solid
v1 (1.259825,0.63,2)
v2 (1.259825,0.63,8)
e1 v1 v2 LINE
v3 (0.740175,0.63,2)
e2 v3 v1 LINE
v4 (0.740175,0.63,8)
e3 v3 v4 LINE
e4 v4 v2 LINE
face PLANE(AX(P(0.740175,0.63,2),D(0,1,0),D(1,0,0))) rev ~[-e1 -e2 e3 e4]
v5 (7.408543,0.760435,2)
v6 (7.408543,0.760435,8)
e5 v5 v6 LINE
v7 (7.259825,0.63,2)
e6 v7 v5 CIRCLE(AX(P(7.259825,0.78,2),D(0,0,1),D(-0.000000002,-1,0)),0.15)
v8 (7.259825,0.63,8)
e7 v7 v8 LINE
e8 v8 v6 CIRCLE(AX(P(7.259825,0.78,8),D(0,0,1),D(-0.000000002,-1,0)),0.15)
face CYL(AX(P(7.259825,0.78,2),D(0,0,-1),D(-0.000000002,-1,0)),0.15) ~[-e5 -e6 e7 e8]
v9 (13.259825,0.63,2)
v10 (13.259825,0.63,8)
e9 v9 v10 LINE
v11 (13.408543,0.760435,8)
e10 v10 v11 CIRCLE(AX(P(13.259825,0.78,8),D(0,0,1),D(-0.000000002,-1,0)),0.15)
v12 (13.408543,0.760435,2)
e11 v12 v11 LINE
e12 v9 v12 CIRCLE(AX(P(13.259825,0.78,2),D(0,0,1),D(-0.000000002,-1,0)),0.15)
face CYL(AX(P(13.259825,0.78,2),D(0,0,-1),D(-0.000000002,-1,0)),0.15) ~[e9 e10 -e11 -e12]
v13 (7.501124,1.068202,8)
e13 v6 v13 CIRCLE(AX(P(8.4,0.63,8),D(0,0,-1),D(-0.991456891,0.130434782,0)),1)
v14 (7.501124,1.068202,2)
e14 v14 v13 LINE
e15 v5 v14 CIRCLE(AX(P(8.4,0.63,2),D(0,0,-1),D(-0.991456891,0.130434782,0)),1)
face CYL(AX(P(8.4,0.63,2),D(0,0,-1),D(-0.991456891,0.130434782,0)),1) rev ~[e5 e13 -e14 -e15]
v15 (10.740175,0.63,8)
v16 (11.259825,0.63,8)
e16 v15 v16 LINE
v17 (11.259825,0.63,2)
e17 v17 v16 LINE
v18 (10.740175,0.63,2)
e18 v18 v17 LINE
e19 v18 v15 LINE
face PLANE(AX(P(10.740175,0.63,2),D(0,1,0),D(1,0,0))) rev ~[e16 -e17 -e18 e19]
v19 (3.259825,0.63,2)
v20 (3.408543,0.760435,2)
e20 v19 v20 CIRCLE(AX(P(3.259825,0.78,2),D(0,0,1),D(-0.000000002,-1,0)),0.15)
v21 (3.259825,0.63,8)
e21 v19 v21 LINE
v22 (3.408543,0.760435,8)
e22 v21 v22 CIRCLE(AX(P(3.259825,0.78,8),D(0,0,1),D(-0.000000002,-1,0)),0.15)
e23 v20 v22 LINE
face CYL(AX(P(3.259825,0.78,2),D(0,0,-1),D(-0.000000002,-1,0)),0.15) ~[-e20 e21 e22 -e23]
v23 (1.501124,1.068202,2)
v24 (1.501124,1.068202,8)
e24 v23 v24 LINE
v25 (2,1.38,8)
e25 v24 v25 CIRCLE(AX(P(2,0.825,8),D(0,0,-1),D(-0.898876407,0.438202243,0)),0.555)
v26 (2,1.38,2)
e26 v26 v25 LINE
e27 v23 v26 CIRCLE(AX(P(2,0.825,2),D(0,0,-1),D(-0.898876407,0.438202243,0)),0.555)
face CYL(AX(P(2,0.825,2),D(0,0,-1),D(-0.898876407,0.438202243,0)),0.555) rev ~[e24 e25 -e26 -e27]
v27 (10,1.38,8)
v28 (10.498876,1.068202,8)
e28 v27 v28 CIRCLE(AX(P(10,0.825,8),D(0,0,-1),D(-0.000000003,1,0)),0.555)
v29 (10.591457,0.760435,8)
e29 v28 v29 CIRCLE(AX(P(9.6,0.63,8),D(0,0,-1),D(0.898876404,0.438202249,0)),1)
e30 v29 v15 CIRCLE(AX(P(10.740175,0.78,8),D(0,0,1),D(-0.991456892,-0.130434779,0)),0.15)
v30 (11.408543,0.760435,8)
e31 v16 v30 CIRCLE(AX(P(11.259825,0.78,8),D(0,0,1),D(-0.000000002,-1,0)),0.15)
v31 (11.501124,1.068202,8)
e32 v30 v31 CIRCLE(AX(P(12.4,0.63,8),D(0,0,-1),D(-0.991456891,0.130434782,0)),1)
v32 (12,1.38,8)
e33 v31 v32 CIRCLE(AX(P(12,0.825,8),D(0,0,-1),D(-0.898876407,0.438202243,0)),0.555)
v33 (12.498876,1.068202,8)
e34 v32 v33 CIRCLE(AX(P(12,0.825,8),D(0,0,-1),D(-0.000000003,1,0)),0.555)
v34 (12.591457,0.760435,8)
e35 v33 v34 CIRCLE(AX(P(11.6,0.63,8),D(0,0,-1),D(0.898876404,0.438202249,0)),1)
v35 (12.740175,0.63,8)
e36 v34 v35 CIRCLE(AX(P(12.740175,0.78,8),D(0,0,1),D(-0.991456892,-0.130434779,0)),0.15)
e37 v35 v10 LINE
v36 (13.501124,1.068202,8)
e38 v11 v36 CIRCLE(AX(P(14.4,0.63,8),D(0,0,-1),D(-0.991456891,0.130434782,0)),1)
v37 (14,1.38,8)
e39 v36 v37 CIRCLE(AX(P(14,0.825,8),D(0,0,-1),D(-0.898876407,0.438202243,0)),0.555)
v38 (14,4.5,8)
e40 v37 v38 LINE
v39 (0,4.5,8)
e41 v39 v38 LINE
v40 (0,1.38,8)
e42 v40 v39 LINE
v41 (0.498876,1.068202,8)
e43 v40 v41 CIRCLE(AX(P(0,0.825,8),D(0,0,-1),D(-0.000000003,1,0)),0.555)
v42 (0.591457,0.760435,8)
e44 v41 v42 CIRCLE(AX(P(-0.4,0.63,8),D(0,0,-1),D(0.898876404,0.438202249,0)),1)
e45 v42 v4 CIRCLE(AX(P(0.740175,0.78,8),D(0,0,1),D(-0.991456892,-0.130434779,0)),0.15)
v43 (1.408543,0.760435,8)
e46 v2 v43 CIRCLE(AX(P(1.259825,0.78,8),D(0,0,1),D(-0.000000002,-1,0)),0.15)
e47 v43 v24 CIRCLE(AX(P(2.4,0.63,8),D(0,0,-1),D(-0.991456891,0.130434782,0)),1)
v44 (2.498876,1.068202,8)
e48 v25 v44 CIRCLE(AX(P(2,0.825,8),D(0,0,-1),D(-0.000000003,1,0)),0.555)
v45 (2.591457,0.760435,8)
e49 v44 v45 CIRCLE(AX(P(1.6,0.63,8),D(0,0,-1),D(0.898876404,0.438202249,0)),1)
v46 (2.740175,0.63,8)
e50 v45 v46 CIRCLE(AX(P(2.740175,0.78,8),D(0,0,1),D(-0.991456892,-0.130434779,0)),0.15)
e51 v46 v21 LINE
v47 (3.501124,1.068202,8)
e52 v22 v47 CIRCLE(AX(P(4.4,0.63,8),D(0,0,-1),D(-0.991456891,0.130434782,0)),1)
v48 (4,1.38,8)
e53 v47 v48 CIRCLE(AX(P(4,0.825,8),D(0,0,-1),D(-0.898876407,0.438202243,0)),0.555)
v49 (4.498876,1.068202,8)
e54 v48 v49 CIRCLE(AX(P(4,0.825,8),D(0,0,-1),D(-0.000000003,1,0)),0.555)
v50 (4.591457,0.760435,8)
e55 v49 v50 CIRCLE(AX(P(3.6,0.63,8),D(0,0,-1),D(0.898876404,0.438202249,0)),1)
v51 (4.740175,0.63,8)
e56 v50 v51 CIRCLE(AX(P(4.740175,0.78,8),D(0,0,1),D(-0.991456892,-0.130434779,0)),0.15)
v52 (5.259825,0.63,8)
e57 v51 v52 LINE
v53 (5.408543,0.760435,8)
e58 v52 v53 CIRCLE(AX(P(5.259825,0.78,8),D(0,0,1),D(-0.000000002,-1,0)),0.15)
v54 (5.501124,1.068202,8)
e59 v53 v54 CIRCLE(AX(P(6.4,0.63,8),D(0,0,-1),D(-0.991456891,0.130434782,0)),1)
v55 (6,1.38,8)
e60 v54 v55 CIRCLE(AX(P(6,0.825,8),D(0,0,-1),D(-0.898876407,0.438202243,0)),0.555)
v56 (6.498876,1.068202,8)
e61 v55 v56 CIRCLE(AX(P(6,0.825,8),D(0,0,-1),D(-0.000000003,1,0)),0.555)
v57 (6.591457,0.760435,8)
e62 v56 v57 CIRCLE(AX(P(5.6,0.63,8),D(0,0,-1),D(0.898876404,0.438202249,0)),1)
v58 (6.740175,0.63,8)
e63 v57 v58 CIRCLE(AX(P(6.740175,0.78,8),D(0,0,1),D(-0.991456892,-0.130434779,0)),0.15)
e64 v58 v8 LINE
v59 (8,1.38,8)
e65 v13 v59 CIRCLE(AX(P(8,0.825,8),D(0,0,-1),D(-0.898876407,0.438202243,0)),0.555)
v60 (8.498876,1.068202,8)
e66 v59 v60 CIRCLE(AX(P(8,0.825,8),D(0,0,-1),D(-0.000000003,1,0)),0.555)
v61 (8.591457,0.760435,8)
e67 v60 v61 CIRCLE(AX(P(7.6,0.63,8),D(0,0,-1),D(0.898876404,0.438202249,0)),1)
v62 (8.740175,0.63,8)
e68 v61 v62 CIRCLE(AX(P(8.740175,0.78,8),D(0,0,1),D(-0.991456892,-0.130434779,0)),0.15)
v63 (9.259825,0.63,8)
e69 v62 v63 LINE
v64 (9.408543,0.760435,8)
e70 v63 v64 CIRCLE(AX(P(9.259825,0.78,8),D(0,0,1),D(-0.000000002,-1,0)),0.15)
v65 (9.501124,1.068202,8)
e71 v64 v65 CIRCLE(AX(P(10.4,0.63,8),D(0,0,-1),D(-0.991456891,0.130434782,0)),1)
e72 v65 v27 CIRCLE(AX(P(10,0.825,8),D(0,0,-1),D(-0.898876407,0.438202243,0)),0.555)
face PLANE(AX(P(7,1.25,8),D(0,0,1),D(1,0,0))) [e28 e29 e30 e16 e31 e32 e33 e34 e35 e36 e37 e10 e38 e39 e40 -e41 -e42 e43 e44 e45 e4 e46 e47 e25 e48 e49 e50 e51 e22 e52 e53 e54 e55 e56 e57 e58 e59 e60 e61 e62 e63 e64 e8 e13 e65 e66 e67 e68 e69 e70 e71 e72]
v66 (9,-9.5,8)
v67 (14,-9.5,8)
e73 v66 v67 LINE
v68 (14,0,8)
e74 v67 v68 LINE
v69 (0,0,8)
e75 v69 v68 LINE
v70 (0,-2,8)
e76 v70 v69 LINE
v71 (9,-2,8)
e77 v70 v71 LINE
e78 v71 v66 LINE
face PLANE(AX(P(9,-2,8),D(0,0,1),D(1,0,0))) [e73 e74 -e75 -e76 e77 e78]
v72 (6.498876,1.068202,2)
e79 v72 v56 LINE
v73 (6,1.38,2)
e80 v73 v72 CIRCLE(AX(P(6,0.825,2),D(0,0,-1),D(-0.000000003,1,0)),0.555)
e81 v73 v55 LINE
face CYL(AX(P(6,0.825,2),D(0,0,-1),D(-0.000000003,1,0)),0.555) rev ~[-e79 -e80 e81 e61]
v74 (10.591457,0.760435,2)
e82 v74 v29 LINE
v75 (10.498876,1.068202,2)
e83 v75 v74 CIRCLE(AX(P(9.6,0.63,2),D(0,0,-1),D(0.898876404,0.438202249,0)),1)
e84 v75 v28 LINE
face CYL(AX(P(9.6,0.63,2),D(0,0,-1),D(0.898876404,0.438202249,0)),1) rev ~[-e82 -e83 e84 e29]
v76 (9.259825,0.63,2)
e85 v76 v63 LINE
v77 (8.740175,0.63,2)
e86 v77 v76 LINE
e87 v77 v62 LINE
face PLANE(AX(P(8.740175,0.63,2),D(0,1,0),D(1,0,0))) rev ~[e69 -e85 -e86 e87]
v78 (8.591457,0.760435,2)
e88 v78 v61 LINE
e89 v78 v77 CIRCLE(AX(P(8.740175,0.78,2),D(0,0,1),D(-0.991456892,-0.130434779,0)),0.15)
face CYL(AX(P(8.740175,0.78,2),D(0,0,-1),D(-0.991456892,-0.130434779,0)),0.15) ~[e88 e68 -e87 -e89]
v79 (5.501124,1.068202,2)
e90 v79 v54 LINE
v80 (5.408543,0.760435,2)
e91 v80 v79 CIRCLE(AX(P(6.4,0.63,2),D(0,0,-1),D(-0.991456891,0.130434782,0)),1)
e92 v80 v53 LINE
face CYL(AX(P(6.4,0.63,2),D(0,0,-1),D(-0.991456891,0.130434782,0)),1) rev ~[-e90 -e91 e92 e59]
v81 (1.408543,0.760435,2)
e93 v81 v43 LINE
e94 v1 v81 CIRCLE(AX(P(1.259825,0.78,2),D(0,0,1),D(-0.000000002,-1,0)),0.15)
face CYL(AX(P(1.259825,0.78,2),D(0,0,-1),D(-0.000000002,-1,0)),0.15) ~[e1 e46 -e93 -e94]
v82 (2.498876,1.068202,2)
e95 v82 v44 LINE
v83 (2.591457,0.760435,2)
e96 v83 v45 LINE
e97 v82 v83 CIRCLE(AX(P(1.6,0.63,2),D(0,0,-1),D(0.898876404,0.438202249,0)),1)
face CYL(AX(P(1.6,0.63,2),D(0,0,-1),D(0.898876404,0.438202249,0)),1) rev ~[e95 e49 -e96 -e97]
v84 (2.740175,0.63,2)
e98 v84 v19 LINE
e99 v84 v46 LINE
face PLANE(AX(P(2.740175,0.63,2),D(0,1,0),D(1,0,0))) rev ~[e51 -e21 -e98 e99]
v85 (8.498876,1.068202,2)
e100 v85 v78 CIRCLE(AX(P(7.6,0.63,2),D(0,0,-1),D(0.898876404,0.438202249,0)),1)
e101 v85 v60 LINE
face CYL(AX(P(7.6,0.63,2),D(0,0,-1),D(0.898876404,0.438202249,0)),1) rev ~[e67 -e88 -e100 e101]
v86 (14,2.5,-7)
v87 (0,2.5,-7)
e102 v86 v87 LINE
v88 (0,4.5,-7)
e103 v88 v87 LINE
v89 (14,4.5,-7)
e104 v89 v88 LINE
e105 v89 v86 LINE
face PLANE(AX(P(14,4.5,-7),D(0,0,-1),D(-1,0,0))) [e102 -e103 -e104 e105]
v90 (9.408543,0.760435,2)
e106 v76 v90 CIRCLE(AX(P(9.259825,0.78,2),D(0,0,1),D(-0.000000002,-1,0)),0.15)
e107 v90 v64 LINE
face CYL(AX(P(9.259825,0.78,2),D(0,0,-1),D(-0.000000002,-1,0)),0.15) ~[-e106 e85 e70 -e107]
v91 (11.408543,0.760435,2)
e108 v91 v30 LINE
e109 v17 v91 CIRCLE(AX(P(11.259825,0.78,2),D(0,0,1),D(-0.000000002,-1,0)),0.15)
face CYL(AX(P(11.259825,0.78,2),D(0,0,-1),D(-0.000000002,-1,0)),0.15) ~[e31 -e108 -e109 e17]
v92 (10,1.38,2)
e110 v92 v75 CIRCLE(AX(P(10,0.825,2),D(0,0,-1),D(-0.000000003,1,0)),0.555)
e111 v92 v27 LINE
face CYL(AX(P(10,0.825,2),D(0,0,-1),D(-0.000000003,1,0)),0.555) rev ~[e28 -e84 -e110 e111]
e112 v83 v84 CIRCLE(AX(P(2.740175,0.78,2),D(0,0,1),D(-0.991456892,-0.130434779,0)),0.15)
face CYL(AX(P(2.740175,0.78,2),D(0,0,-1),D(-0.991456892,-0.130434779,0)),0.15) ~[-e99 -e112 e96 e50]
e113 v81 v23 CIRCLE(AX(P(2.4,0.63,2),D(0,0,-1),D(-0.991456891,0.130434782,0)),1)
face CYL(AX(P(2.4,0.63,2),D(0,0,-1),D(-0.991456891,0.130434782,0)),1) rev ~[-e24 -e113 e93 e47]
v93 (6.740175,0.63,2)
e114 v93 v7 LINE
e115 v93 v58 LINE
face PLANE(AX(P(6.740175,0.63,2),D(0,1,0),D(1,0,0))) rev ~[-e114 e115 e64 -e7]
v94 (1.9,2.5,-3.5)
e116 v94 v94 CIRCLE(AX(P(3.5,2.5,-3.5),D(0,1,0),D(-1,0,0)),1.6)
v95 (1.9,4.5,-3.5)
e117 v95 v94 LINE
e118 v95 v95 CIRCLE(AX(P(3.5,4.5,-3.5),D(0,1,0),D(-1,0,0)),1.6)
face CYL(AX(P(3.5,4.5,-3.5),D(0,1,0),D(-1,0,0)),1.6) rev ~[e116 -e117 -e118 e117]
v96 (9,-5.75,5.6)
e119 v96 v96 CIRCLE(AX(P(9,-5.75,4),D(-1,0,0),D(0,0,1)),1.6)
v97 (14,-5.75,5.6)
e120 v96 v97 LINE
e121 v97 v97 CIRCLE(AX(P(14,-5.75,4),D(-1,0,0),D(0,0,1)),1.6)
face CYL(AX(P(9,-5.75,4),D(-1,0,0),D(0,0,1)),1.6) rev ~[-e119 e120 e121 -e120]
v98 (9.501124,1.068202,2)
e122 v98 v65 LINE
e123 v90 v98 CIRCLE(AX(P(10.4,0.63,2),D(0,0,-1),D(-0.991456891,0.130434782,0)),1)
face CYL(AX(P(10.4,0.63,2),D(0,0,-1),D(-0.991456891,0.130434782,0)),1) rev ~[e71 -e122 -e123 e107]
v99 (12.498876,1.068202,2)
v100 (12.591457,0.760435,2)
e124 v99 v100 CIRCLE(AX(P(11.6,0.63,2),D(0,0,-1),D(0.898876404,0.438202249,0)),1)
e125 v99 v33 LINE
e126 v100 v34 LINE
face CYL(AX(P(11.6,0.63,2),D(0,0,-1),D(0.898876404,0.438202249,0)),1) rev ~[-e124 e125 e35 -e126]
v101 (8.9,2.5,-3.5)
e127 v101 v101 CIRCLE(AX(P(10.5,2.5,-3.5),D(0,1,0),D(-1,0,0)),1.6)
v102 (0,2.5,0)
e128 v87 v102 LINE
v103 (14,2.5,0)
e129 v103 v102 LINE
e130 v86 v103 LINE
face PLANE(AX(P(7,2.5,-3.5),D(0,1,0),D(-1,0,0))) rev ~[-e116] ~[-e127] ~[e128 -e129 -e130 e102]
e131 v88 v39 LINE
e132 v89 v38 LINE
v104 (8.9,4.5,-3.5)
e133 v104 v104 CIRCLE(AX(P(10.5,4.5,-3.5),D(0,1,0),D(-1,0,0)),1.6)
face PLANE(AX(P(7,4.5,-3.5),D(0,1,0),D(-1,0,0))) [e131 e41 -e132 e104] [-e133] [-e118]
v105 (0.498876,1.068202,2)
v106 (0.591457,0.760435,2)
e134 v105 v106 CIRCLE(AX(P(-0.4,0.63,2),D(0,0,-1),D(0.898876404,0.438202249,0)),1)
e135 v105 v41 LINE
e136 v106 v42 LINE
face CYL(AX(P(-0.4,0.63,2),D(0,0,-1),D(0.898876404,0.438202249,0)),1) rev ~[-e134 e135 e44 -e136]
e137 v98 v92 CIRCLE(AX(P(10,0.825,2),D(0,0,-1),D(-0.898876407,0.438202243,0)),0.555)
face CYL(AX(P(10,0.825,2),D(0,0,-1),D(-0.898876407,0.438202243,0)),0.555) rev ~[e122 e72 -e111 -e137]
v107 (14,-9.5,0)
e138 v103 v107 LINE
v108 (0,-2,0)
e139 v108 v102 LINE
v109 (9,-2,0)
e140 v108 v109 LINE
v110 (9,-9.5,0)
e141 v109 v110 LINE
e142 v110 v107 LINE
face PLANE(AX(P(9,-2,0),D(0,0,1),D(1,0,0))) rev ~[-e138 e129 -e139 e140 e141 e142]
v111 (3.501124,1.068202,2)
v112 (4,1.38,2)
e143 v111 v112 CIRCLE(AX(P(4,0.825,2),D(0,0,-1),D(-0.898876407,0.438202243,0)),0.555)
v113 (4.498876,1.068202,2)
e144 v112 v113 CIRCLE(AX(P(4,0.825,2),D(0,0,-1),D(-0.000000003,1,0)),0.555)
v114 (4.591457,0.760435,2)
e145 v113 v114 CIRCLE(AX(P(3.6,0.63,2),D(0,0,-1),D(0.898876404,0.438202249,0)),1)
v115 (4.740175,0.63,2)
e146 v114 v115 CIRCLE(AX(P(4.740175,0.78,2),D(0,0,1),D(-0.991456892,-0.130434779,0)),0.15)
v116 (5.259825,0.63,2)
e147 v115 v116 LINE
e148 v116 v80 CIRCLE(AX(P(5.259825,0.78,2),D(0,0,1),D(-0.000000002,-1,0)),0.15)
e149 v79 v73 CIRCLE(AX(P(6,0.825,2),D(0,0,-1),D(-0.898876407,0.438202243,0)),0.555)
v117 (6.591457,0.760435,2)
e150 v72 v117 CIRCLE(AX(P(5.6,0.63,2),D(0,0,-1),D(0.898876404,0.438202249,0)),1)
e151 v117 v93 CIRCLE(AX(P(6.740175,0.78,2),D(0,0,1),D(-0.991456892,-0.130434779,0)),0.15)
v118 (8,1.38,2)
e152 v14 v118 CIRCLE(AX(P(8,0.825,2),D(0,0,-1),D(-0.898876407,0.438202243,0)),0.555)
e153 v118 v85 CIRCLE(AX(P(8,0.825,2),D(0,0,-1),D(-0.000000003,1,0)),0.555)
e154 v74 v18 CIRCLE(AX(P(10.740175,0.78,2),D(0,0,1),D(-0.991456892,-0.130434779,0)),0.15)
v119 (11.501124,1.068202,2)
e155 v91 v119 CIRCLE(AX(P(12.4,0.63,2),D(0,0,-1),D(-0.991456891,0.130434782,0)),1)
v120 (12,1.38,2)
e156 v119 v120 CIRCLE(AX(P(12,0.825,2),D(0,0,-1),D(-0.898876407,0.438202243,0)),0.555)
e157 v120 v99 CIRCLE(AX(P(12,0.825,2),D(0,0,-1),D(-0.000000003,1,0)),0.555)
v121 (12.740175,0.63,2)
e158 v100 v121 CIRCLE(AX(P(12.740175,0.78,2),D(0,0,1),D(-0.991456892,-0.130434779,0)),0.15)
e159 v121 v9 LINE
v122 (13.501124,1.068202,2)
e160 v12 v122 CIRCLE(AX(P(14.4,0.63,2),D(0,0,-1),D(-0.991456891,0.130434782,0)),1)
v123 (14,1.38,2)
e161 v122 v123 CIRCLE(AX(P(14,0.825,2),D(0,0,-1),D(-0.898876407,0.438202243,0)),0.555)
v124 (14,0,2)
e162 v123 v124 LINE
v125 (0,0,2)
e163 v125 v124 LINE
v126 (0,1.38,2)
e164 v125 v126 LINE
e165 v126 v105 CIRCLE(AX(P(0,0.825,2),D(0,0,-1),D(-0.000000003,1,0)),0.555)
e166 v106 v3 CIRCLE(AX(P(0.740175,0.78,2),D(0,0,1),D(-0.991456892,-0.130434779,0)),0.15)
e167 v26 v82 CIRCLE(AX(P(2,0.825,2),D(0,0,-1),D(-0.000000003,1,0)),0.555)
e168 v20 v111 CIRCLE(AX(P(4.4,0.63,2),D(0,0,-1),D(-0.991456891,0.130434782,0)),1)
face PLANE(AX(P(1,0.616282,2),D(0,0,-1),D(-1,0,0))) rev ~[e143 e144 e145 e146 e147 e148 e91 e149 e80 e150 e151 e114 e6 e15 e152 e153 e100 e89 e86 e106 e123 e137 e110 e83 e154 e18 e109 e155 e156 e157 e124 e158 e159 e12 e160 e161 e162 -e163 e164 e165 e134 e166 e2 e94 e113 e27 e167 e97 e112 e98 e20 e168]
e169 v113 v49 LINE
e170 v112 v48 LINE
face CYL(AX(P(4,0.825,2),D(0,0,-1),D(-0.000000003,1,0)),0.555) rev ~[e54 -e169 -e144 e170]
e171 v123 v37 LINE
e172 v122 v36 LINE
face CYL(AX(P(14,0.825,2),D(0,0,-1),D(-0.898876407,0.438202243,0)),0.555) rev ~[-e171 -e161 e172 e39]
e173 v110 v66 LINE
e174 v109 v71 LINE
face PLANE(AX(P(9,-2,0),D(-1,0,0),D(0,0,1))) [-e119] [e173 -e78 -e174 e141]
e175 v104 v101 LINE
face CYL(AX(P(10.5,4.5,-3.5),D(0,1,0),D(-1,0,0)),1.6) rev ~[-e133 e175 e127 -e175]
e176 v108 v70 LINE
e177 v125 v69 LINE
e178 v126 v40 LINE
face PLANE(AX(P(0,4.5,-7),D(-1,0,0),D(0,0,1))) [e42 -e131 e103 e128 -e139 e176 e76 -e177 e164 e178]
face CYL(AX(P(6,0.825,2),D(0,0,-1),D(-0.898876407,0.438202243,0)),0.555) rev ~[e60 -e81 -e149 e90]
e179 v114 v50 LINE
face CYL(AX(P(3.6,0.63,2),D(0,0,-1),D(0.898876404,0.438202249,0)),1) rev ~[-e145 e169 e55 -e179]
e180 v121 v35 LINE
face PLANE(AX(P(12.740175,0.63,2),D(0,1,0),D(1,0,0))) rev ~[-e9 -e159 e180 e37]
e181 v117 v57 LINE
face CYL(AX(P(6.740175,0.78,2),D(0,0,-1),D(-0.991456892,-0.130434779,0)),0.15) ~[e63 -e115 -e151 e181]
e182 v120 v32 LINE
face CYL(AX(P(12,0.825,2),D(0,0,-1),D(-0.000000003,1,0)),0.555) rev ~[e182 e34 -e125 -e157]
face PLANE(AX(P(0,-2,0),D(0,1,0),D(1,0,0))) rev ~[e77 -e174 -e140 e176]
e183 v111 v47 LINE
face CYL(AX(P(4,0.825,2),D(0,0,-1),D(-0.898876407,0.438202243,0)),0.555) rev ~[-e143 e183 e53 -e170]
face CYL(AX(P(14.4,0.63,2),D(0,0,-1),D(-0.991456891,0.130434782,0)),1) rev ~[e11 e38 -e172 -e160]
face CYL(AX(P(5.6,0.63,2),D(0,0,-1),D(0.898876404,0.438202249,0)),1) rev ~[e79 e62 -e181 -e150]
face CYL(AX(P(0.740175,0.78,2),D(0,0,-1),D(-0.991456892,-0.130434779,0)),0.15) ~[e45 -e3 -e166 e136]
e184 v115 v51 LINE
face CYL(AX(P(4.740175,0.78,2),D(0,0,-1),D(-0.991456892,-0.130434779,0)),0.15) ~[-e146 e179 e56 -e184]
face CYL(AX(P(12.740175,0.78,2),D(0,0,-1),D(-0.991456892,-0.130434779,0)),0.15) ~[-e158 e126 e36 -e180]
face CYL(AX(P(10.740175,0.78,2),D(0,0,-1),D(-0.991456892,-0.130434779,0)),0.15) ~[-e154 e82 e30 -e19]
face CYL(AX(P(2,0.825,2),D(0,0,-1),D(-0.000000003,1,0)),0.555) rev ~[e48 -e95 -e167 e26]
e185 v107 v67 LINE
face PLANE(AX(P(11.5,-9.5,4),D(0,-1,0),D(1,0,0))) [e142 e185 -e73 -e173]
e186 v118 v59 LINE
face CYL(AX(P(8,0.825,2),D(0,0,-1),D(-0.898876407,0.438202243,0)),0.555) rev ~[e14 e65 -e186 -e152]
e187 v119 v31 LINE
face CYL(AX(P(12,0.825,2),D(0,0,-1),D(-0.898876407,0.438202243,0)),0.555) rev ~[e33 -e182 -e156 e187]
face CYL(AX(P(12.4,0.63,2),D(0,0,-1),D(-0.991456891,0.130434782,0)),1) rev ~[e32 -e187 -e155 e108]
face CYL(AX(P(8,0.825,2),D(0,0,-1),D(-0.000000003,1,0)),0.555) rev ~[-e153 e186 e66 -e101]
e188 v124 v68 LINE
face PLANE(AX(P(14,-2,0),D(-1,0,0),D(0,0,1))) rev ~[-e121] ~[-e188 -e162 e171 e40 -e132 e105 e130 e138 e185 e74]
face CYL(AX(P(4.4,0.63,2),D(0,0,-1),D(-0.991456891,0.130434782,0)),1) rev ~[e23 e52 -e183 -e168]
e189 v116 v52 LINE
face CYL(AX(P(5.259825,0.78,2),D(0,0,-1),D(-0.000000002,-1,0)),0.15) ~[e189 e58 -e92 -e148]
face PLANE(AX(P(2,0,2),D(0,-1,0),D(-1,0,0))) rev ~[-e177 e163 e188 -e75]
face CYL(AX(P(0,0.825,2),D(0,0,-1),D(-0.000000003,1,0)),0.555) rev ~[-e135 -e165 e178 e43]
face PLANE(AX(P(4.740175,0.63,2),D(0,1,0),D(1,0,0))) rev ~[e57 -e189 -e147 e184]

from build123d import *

# Parameters (mm, degrees)
SKETCH3_W           = 14
SKETCH3_H           = 6.5
BOSS_EXTRUDE2_DEPTH = 8
CUT_EXTRUDE1_START  = 2
CUT_EXTRUDE1_DEPTH  = 6
LPATTERN2_COUNT     = 7
LPATTERN2_PITCH     = 2
SKETCH4_W           = 14
SKETCH4_H           = 7
SKETCH4_R           = 1.6
BOSS_EXTRUDE3_DEPTH = 2
SKETCH5_W           = 5
SKETCH5_H           = 8
BOSS_EXTRUDE4_DEPTH = 7.5
SKETCH6_R           = 1.6
CUT_EXTRUDE2_DEPTH  = 7.5


with BuildPart() as part:
    # Sketch3 → Boss-Extrude2 (new body)
    with BuildSketch(Plane.XY):
        with Locations((7, 1.25)):
            Rectangle(SKETCH3_W, SKETCH3_H)
    extrude(amount=BOSS_EXTRUDE2_DEPTH)

    # Sketch1 → Cut-Extrude1 (cut)
    with BuildSketch(Plane.XY.offset(CUT_EXTRUDE1_START)):
        with BuildLine():
            Line((0.740175425, 0.63), (1.259824575, 0.63))
            ThreePointArc((1.259824575, 0.63), (1.358731646, 0.667228588), (1.408543109, 0.760434783))
            ThreePointArc((1.408543109, 0.760434783), (1.442388286, 0.918062154), (1.501123596, 1.068202247))
            ThreePointArc((1.501123596, 1.068202247), (1.705850588, 1.295639059), (2, 1.38))
            Line((2, 1.38), (2, 0))
            Line((2, 0), (0, 0))
            Line((0, 0), (0, 1.38))
            ThreePointArc((0, 1.38), (0.294149412, 1.295639059), (0.498876404, 1.068202247))
            ThreePointArc((0.498876404, 1.068202247), (0.557611714, 0.918062154), (0.591456891, 0.760434783))
            ThreePointArc((0.591456891, 0.760434783), (0.641268354, 0.667228588), (0.740175425, 0.63))
        make_face()
    cut_extrude1 = extrude(amount=CUT_EXTRUDE1_DEPTH, mode=Mode.SUBTRACT)

    # LPattern2: Cut-Extrude1 ×7
    with Locations(*[(i * LPATTERN2_PITCH, 0, 0) for i in range(1, LPATTERN2_COUNT)]):
        add(cut_extrude1, mode=Mode.SUBTRACT)

    # Sketch4 → Boss-Extrude3 (add)
    with BuildSketch(Plane(origin=(0, 4.5, 0), x_dir=(-1, 0, 0), z_dir=(0, 1, 0))):
        with Locations((-7, -3.5)):
            Rectangle(SKETCH4_W, SKETCH4_H)
        with Locations((-10.5, -3.5)):
            Circle(SKETCH4_R, mode=Mode.SUBTRACT)
        with Locations((-3.5, -3.5)):
            Circle(SKETCH4_R, mode=Mode.SUBTRACT)
    extrude(amount=-BOSS_EXTRUDE3_DEPTH)

    # Sketch5 → Boss-Extrude4 (add)
    with BuildSketch(Plane.XZ.offset(2)):
        with Locations((11.5, 4)):
            Rectangle(SKETCH5_W, SKETCH5_H)
    extrude(amount=BOSS_EXTRUDE4_DEPTH)

    # Sketch6 → Cut-Extrude2 (cut)
    with BuildSketch(Plane.ZY.offset(-9)):
        with Locations((4, -5.75)):
            Circle(SKETCH6_R)
    extrude(amount=-CUT_EXTRUDE2_DEPTH, mode=Mode.SUBTRACT)


solid = part.part
